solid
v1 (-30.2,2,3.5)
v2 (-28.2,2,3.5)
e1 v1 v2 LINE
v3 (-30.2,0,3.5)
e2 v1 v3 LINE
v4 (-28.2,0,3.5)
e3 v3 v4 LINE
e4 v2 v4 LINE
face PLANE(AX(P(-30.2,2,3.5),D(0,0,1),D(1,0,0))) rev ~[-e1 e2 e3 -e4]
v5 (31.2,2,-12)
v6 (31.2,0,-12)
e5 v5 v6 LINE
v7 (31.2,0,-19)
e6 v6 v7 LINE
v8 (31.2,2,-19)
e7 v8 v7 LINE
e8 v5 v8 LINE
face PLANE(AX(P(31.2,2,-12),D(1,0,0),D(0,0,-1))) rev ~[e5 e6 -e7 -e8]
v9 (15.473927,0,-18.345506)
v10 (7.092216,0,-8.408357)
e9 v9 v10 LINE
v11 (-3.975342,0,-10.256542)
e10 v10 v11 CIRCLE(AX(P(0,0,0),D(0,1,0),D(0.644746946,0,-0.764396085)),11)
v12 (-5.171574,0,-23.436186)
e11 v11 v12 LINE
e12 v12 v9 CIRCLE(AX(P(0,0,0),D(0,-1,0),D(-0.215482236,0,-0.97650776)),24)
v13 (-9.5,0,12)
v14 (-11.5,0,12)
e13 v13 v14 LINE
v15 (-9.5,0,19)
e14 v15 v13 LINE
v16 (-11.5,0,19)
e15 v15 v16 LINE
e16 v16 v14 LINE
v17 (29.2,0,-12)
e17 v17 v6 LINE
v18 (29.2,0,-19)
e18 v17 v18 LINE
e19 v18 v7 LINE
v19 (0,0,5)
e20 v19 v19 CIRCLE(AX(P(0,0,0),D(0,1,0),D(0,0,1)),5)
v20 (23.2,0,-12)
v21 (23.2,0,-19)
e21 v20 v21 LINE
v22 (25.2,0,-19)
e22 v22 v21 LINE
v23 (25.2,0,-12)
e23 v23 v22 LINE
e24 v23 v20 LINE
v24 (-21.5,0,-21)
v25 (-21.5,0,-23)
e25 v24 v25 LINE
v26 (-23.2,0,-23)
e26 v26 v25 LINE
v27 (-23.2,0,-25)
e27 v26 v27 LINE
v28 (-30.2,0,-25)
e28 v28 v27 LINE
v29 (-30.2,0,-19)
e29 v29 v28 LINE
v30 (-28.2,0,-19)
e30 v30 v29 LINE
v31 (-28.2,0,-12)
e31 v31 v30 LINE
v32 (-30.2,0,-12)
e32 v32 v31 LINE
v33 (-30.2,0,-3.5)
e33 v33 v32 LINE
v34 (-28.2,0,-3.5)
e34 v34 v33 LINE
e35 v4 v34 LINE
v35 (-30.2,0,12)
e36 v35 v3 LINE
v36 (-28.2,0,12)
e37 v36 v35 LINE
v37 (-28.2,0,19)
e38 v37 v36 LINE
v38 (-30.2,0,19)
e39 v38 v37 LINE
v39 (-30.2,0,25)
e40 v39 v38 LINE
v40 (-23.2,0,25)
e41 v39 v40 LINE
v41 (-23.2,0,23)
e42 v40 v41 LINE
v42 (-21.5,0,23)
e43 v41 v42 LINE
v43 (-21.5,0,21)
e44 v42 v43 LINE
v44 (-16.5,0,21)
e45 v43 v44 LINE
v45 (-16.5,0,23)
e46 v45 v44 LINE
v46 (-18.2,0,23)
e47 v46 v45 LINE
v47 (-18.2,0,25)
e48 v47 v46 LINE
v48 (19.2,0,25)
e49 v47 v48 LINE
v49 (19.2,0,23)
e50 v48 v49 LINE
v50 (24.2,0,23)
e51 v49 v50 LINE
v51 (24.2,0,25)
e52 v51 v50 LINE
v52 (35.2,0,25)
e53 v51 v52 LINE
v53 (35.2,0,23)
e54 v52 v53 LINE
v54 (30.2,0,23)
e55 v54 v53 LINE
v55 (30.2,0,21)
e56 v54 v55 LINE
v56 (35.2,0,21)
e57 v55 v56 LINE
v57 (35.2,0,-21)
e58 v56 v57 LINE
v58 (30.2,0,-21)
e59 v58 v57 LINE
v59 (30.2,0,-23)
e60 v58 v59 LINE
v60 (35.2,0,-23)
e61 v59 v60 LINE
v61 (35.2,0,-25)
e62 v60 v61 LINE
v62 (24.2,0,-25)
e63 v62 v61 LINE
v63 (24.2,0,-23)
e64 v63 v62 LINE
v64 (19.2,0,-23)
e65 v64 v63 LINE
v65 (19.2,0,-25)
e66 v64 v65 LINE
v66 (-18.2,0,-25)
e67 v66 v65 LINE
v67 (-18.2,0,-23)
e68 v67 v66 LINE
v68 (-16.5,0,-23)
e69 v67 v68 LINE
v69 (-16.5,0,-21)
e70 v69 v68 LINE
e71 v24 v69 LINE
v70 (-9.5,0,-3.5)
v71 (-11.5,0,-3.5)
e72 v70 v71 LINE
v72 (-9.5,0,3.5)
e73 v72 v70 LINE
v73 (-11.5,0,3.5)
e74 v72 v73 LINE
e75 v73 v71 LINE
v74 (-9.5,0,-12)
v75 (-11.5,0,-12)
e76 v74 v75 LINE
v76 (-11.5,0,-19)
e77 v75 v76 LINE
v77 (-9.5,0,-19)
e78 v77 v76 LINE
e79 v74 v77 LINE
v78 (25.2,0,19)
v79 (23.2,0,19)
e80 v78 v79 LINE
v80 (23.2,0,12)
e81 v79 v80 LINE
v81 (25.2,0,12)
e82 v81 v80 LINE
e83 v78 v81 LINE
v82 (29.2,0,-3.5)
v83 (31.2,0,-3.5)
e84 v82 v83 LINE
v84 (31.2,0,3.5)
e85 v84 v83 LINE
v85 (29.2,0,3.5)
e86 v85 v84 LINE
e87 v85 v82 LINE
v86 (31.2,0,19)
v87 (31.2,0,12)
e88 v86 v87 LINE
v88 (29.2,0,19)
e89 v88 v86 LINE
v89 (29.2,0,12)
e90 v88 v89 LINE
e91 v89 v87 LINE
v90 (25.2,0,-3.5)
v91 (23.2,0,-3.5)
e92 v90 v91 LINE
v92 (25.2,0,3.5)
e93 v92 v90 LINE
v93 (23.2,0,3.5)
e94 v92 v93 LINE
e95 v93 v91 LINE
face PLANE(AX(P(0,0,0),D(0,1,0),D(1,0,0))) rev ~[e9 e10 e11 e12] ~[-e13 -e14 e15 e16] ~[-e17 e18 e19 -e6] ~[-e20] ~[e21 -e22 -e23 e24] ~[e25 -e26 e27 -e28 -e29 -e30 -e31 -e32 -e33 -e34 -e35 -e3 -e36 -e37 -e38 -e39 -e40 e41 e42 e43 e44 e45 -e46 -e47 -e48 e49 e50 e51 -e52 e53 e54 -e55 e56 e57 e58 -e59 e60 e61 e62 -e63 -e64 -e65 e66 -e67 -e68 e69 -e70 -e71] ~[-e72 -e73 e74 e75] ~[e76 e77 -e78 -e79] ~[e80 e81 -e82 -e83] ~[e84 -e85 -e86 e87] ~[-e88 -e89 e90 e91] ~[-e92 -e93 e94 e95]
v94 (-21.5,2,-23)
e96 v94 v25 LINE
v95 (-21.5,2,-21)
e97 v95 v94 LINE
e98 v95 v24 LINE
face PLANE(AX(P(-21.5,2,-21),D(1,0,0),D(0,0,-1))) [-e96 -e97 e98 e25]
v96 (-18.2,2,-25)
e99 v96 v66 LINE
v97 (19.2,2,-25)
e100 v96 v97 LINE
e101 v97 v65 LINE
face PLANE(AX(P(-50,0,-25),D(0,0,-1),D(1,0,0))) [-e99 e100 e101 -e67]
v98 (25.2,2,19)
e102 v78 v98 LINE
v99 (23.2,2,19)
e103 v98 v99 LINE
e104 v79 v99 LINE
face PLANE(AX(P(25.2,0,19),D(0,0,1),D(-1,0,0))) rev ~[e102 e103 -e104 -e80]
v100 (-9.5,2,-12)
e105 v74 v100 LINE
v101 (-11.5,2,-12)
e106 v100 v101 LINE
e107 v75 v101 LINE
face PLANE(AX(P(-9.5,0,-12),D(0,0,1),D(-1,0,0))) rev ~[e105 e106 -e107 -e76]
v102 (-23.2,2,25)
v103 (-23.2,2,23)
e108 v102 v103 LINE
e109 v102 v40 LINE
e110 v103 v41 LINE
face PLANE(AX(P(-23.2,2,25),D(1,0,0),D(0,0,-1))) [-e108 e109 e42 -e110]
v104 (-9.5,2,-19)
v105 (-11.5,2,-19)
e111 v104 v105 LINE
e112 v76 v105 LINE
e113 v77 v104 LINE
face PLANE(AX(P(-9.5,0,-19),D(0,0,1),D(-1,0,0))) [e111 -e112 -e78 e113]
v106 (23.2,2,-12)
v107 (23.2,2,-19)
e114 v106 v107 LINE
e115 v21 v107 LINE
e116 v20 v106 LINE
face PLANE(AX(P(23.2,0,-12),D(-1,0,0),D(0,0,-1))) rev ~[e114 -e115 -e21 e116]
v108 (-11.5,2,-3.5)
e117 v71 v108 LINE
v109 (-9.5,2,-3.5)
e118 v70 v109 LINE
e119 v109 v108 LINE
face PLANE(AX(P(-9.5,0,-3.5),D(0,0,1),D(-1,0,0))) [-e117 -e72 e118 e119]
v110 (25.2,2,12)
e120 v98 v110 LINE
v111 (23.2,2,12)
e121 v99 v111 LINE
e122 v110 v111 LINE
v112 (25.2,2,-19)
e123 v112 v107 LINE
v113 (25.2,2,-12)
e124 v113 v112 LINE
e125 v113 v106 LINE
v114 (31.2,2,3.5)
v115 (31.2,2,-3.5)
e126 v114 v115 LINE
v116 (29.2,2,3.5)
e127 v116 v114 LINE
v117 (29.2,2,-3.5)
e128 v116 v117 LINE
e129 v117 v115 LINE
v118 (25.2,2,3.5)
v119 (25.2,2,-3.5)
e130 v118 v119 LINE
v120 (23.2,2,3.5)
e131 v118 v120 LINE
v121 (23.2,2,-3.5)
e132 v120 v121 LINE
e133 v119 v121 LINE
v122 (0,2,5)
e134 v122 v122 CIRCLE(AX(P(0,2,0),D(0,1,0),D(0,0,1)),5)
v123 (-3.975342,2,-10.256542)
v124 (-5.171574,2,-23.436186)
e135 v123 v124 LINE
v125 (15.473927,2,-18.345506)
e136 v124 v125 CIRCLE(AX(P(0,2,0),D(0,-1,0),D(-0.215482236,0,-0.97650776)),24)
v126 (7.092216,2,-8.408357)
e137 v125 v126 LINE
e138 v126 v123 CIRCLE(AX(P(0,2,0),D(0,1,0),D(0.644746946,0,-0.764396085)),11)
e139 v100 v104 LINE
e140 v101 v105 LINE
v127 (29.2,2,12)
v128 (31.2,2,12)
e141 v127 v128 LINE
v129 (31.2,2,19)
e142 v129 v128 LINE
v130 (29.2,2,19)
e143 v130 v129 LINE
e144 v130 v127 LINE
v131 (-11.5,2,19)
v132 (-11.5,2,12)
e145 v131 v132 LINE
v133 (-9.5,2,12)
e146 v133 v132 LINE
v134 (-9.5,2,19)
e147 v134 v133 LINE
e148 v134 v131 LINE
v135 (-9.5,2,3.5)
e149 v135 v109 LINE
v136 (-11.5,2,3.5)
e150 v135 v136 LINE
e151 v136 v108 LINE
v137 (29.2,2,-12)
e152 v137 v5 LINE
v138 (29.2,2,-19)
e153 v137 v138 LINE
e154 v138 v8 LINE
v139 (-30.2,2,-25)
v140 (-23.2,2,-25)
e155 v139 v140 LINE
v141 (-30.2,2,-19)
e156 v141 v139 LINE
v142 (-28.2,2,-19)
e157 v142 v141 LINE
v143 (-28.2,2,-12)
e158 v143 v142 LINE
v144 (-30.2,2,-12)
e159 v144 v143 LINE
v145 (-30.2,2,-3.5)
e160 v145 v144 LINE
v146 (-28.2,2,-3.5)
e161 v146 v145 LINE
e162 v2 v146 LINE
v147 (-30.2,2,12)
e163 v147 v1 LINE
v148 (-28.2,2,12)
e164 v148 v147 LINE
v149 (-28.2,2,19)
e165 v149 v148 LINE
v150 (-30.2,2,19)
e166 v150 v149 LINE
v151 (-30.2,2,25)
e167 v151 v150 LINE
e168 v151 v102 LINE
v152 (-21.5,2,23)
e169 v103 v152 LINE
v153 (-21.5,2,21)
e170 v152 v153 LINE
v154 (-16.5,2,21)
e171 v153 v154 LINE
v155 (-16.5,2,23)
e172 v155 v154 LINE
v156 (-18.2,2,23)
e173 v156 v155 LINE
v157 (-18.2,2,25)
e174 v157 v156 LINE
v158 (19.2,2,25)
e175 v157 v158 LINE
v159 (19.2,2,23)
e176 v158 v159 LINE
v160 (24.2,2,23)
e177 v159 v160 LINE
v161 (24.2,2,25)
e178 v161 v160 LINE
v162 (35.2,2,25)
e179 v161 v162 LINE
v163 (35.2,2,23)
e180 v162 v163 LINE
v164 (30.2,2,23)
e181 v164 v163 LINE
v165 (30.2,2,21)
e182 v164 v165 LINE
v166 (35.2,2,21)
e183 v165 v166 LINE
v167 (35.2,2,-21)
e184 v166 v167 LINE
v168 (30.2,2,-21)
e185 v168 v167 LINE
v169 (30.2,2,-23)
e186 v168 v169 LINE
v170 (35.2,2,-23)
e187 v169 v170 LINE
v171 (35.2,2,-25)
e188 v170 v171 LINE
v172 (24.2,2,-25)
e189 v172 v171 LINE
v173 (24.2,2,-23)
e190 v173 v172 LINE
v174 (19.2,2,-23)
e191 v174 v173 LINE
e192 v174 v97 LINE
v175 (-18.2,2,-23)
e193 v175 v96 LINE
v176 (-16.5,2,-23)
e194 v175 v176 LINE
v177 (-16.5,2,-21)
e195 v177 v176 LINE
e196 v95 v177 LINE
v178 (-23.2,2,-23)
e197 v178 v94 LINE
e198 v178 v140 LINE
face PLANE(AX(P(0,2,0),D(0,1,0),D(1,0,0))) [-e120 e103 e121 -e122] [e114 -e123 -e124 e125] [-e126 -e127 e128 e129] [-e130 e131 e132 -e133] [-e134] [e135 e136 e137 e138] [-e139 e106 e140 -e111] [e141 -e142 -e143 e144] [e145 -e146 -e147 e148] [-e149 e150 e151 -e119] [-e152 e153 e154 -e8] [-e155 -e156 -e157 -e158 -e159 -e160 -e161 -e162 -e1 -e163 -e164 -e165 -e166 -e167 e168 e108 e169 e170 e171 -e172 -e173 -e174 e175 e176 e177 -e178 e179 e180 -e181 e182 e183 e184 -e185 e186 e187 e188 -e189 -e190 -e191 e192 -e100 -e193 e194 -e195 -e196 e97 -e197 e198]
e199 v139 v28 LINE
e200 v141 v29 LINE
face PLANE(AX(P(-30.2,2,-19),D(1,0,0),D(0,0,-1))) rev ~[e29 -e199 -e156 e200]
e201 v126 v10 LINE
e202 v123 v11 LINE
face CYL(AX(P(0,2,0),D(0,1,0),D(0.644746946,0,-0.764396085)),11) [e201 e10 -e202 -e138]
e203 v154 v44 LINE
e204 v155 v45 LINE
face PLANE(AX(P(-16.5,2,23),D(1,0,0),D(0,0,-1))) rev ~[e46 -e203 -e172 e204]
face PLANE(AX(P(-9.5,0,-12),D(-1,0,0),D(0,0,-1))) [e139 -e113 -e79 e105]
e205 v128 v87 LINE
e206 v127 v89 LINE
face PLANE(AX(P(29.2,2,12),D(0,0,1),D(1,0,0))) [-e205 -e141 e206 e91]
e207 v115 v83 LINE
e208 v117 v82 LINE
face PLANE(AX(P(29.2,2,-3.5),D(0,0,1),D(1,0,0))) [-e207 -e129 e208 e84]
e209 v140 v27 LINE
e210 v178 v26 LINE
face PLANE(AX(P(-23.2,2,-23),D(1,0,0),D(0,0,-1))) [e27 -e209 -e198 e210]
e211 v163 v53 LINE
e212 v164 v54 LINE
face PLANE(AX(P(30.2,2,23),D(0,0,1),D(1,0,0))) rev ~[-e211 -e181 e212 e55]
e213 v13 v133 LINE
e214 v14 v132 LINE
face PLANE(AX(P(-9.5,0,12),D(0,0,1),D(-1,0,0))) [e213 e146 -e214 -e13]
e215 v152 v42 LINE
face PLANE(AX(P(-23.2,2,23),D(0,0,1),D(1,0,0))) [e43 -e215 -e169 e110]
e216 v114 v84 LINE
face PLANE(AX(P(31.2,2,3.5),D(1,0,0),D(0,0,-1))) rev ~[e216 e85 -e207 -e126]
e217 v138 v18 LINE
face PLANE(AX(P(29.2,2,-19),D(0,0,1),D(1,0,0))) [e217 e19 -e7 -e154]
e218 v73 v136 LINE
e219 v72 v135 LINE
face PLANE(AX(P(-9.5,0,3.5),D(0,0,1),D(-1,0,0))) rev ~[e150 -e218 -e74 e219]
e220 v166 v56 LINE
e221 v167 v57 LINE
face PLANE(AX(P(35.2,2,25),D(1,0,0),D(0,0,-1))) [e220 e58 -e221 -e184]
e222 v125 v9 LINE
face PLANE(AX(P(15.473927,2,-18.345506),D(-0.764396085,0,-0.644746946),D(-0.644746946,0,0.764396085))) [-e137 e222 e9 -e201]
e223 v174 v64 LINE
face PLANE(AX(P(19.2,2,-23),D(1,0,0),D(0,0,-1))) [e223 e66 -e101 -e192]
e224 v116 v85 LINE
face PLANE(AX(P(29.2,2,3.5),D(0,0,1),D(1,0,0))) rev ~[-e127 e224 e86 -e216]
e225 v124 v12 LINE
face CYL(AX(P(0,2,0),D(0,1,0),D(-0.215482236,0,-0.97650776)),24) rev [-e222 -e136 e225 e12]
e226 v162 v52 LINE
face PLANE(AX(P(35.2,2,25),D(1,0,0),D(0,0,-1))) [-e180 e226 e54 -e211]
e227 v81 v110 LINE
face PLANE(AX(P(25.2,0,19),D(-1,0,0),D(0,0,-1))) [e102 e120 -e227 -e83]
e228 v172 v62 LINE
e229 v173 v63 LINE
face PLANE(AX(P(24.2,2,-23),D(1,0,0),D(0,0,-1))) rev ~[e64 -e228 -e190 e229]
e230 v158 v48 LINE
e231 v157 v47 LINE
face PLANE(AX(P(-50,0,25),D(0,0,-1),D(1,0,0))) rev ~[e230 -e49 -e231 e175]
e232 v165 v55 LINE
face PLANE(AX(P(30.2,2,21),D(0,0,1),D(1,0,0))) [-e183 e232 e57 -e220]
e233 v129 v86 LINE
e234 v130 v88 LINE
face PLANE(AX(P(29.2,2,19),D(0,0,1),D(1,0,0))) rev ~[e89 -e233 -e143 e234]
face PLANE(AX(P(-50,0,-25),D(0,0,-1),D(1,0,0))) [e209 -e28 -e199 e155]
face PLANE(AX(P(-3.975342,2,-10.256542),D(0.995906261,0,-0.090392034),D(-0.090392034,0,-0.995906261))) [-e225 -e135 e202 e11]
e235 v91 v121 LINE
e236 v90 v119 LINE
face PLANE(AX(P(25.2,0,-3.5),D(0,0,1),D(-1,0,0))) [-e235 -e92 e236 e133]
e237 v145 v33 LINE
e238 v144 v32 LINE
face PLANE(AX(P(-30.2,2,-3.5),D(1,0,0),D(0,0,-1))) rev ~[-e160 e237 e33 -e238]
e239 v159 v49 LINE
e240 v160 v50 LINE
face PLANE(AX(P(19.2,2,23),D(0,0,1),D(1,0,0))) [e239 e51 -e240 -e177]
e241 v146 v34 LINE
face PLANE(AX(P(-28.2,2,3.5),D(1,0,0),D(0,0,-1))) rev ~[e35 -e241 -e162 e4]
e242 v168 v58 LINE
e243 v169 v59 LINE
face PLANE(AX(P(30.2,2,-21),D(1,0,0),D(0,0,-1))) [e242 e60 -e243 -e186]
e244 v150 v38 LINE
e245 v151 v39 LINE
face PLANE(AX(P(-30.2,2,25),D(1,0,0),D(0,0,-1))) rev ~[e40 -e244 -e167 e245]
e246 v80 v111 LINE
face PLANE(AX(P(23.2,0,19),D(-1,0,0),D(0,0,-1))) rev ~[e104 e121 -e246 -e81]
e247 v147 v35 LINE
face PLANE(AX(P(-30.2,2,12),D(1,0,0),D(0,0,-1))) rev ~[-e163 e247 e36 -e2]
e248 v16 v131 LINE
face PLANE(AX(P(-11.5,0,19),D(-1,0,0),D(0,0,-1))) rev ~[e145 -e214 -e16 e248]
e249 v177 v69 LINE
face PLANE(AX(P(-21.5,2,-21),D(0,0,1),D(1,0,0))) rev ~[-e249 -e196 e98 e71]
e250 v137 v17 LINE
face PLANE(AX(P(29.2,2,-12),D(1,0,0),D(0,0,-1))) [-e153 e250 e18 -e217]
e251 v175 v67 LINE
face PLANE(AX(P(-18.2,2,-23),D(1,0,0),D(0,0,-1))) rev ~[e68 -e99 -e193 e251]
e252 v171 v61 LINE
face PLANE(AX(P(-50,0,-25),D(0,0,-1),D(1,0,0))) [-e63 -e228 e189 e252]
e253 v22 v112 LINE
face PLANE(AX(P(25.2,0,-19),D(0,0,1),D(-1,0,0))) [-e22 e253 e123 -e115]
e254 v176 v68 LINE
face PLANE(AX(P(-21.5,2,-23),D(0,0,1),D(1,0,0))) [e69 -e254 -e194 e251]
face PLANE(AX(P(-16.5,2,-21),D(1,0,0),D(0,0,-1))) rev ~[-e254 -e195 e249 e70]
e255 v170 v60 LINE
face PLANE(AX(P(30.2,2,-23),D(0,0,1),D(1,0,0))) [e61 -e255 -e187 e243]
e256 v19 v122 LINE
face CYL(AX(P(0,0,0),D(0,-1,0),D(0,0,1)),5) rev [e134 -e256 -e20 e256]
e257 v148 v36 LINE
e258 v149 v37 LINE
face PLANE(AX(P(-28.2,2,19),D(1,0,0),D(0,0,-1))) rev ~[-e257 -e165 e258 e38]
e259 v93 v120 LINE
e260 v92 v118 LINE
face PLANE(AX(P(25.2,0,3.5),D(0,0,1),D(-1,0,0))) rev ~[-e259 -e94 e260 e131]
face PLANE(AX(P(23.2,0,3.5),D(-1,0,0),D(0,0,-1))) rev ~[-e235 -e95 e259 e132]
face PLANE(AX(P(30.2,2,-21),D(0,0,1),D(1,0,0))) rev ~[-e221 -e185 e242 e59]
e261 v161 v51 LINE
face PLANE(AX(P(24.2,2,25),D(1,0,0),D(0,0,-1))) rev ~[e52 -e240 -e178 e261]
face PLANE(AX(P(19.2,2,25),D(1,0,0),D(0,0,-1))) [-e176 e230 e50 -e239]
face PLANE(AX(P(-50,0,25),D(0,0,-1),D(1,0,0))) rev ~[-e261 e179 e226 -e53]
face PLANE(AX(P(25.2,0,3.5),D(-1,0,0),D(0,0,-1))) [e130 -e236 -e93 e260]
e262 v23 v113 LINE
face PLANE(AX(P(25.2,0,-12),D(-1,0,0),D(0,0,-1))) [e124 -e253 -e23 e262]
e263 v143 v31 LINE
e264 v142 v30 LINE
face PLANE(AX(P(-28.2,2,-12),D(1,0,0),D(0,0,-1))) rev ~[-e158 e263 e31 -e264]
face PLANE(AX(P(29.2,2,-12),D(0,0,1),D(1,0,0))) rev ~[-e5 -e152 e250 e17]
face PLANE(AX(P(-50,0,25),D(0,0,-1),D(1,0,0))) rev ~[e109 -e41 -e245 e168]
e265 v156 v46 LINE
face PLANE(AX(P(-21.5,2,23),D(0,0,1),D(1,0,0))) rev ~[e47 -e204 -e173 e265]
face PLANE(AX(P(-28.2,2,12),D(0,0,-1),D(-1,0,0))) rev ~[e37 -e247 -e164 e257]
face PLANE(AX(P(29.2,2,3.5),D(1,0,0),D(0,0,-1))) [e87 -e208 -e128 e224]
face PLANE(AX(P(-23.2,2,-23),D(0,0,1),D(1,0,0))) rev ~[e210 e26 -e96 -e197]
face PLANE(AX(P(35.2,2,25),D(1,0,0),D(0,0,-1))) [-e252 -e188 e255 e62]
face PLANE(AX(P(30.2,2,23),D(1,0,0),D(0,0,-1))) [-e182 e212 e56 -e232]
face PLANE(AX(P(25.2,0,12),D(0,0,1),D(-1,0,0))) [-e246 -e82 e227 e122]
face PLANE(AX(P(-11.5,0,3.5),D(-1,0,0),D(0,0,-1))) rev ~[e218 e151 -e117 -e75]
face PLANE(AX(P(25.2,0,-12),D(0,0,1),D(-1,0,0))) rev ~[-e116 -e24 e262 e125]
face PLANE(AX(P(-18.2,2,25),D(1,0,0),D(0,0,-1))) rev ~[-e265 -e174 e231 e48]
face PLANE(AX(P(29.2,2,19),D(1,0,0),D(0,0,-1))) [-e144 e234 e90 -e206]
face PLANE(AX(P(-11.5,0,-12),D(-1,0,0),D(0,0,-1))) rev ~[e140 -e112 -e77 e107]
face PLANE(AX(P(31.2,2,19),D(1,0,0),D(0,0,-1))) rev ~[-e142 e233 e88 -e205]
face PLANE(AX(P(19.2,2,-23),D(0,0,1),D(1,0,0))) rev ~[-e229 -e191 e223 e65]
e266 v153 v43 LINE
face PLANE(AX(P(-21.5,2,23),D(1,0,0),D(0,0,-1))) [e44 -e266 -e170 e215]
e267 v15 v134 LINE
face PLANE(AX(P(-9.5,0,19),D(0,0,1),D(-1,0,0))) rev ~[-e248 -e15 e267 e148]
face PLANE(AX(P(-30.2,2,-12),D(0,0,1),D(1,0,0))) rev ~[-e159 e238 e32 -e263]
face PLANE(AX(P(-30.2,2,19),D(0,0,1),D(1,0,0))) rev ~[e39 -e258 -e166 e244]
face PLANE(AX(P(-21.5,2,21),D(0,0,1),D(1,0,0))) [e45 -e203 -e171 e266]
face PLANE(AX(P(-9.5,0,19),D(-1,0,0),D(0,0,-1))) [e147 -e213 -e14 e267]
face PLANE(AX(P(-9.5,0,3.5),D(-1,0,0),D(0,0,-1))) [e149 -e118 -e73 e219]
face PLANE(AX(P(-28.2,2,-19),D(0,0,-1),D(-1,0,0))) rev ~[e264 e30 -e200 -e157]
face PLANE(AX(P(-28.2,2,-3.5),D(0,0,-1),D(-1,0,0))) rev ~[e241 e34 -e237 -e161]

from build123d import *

# Parameters (mm, degrees)
SKETCH2_W           = 100
SKETCH2_H           = 50
SKETCH2_R           = 5
BOSS_EXTRUDE1_DEPTH = 2
SKETCH5_W           = 2
SKETCH5_H           = 7
CUT_EXTRUDE3_DEPTH  = 2
CUT_EXTRUDE6_DEPTH  = 2
SKETCH11_W          = 5
SKETCH11_H          = 2
CUT_EXTRUDE7_DEPTH  = 2
SKETCH12_W          = 6.5
SKETCH12_H          = 50
SKETCH12_W_2        = 2.8
CUT_EXTRUDE8_DEPTH  = 6
SKETCH13_W          = 12
SKETCH13_H          = 50
SKETCH13_W_2        = 2
SKETCH13_H_2        = 7
SKETCH13_W_3        = 5
SKETCH13_H_3        = 2
CUT_EXTRUDE10_DEPTH = 6


with BuildPart() as part:
    # Sketch2 → Boss-Extrude1 (new body)
    with BuildSketch(Plane(origin=(0, 0, 0), x_dir=(1, 0, 0), z_dir=(0, 1, 0))):
        Rectangle(SKETCH2_W, SKETCH2_H)
        with Locations(Location((0, 0, 0), (0, 0, 270))):
            Circle(SKETCH2_R, mode=Mode.SUBTRACT)
    extrude(amount=BOSS_EXTRUDE1_DEPTH)

    # Sketch5 → Cut-Extrude3 (cut)
    with BuildSketch(Plane(origin=(0, 0, 0), x_dir=(-1, 0, 0), z_dir=(0, -1, 0))):
        with Locations((-24.2, -15.5)):
            Rectangle(SKETCH5_W, SKETCH5_H)
        with Locations((-24.2, 0)):
            Rectangle(SKETCH5_W, SKETCH5_H)
        with Locations((-24.2, 15.5)):
            Rectangle(SKETCH5_W, SKETCH5_H)
        with Locations((10.5, 15.5)):
            Rectangle(SKETCH5_W, SKETCH5_H)
        with Locations((10.5, 0)):
            Rectangle(SKETCH5_W, SKETCH5_H)
        with Locations((10.5, -15.5)):
            Rectangle(SKETCH5_W, SKETCH5_H)
    extrude(amount=-CUT_EXTRUDE3_DEPTH, mode=Mode.SUBTRACT)

    # Sketch10 → Cut-Extrude6 (cut)
    with BuildSketch(Plane(origin=(0, 2, 0), x_dir=(1, 0, 0), z_dir=(0, 1, 0))):
        with BuildLine():
            ThreePointArc((-5.171573663, 23.436186248), (5.745726742, 23.302073389), (15.473926709, 18.345506049))
            Line((15.473926709, 18.345506049), (7.092216408, 8.408356939))
            ThreePointArc((7.092216408, 8.408356939), (1.811815129, 10.849761561), (-3.975341771, 10.256542195))
            Line((-3.975341771, 10.256542195), (-5.171573663, 23.436186248))
        make_face()
    extrude(amount=-CUT_EXTRUDE6_DEPTH, mode=Mode.SUBTRACT)

    # Sketch11 → Cut-Extrude7 (cut)
    with BuildSketch(Plane(origin=(0, 2, 0), x_dir=(1, 0, 0), z_dir=(0, 1, 0))):
        with Locations((32.7, 22)):
            Rectangle(SKETCH11_W, SKETCH11_H)
        with Locations((-19, 22)):
            Rectangle(SKETCH11_W, SKETCH11_H)
        with Locations((-19, -22)):
            Rectangle(SKETCH11_W, SKETCH11_H)
        with Locations((32.7, -22)):
            Rectangle(SKETCH11_W, SKETCH11_H)
    extrude(amount=-CUT_EXTRUDE7_DEPTH, mode=Mode.SUBTRACT)

    # Sketch12 → Cut-Extrude8 (cut)
    with BuildSketch(Plane(origin=(0, 2, 0), x_dir=(1, 0, 0), z_dir=(0, 1, 0))):
        with Locations((-46.75, 0)):
            Rectangle(SKETCH12_W, SKETCH12_H)
        with Locations((48.6, 0)):
            Rectangle(SKETCH12_W_2, SKETCH12_H)
    extrude(amount=-CUT_EXTRUDE8_DEPTH, mode=Mode.SUBTRACT)

    # Sketch13 → Cut-Extrude10 (cut)
    with BuildSketch(Plane(origin=(0, 2, 0), x_dir=(1, 0, 0), z_dir=(0, 1, 0))):
        with Locations((41.2, 0)):
            Rectangle(SKETCH13_W, SKETCH13_H)
        with Locations((30.2, 15.5)):
            Rectangle(SKETCH13_W_2, SKETCH13_H_2)
        with Locations((30.2, -15.5)):
            Rectangle(SKETCH13_W_2, SKETCH13_H_2)
        with Locations((30.2, 0)):
            Rectangle(SKETCH13_W_2, SKETCH13_H_2)
        Polygon((-28.2, 12), (-28.2, 19), (-30.2, 19), (-30.2, 25), (-43.5, 25), (-43.5, -25), (-30.2, -25), (-30.2, -19), (-28.2, -19), (-28.2, -12), (-30.2, -12), (-30.2, -3.5), (-28.2, -3.5), (-28.2, 3.5), (-30.2, 3.5), (-30.2, 12), align=None)
        with Locations((21.7, -24)):
            Rectangle(SKETCH13_W_3, SKETCH13_H_3)
        with Locations((21.7, 24)):
            Rectangle(SKETCH13_W_3, SKETCH13_H_3)
        with Locations((-20.7, 24)):
            Rectangle(SKETCH13_W_3, SKETCH13_H_3)
        with Locations((-20.7, -24)):
            Rectangle(SKETCH13_W_3, SKETCH13_H_3)
    extrude(amount=-CUT_EXTRUDE10_DEPTH, mode=Mode.SUBTRACT)


solid = part.part
